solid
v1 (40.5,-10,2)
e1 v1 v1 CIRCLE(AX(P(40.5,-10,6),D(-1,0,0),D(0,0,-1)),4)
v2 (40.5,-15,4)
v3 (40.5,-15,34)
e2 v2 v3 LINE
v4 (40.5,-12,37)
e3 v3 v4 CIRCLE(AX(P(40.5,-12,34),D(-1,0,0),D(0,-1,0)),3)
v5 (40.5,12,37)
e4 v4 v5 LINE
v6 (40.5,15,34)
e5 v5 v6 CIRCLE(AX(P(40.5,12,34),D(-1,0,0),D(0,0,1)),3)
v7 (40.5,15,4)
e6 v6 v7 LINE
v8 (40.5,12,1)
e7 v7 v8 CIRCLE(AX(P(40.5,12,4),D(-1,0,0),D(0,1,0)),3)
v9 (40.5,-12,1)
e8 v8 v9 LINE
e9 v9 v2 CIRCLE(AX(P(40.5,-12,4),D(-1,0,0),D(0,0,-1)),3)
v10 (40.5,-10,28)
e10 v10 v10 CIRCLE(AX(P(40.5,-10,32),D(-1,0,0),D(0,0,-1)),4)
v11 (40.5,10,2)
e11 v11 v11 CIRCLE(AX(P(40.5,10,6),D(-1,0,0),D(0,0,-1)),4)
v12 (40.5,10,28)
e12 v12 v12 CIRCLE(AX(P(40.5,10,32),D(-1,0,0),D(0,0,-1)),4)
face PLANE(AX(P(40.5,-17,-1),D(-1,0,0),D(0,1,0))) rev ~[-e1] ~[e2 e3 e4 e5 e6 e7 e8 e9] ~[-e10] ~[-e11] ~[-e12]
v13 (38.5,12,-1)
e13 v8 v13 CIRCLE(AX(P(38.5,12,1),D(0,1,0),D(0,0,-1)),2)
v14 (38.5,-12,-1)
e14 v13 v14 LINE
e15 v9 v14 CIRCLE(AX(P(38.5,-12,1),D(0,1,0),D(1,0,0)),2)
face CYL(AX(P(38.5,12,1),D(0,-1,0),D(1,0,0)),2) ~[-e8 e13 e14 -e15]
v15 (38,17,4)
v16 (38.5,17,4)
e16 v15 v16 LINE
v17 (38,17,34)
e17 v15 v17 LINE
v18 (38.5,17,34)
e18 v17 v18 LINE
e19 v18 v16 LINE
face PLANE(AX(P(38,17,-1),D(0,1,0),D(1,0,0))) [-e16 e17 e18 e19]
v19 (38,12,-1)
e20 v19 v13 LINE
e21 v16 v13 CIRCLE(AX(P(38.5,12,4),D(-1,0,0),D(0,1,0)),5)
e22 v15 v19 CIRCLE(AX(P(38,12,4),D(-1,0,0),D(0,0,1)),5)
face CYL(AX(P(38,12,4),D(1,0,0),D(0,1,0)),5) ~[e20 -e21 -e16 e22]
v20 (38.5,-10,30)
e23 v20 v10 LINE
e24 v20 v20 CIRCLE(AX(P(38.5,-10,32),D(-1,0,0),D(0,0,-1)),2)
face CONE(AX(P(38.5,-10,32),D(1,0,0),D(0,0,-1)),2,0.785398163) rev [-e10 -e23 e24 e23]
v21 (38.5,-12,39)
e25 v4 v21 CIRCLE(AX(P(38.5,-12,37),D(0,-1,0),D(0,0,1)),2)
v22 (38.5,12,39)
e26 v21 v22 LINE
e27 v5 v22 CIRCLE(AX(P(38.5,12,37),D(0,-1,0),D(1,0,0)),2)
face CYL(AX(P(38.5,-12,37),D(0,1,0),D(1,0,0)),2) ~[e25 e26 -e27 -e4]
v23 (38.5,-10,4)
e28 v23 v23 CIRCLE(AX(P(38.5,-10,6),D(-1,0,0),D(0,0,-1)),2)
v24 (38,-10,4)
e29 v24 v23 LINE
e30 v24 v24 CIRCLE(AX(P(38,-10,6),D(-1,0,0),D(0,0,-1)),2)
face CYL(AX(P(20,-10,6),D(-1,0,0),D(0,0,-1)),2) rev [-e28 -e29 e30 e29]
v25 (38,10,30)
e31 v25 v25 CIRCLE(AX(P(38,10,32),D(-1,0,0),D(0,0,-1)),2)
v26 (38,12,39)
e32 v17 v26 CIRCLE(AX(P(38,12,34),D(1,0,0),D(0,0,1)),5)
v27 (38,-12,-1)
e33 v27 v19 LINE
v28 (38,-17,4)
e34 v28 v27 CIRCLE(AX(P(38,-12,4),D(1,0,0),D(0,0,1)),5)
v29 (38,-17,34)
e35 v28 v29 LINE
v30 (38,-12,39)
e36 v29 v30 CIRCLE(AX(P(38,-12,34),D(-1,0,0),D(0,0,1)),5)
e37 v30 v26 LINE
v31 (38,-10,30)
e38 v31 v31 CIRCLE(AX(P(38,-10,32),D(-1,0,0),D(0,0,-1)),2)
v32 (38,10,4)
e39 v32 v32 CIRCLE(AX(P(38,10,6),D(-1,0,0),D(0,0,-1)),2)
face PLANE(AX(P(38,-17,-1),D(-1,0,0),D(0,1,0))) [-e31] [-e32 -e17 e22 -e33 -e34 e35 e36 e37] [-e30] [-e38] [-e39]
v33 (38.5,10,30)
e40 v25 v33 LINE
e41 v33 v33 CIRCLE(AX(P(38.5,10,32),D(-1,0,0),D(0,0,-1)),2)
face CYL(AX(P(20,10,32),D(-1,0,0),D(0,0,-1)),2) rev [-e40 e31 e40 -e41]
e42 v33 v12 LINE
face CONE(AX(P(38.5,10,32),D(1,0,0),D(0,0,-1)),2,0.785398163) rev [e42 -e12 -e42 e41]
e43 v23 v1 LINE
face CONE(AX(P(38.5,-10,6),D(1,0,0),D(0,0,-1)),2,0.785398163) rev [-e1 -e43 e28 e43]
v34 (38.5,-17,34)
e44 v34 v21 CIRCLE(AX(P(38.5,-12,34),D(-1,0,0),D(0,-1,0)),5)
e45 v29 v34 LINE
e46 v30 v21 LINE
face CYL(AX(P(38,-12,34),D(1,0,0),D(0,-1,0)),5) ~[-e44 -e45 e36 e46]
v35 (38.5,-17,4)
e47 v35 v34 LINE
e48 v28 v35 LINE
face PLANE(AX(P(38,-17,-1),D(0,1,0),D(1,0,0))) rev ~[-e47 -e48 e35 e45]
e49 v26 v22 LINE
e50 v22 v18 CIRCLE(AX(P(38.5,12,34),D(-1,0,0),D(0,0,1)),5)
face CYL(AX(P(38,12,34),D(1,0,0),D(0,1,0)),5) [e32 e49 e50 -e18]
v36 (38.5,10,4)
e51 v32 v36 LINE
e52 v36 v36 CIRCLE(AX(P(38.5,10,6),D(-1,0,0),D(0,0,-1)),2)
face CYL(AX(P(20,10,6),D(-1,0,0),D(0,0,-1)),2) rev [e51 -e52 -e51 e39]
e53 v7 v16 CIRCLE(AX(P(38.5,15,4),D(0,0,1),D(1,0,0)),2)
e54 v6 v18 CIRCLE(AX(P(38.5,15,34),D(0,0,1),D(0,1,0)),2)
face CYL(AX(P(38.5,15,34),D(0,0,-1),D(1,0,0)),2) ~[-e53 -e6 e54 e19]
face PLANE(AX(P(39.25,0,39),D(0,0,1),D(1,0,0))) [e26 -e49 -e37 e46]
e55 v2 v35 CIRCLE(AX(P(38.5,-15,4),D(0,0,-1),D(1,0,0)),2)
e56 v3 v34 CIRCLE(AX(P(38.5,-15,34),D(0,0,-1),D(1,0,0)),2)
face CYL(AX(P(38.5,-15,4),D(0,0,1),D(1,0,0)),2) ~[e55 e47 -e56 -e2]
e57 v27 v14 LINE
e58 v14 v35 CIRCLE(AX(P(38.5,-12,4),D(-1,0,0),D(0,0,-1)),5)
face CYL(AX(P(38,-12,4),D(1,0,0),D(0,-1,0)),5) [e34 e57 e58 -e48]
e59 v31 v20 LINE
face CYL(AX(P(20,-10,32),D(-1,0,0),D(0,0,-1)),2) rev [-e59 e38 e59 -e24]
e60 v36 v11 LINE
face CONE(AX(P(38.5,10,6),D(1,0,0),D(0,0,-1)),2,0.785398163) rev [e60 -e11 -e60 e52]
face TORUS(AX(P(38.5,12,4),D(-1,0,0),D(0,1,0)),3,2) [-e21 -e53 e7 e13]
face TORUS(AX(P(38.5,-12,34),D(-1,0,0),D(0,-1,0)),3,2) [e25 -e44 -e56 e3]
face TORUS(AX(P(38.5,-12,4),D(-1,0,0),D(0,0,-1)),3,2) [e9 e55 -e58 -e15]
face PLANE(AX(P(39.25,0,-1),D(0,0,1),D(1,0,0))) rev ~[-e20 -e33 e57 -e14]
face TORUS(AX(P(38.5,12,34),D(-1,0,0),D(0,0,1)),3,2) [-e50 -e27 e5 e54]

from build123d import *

# Parameters (mm, degrees)
CYLINDER005_R     = 2
CYLINDER005_DEPTH = 30
CYLINDER006_R     = 2
CYLINDER006_DEPTH = 30
CYLINDER007_R     = 2
CYLINDER007_DEPTH = 30
CYLINDER004_R     = 2
CYLINDER004_DEPTH = 30
BOX001_W          = 2.5
BOX001_H          = 34
BOX001_DEPTH      = 40
FILLET006_R       = 5
CHAMFER006_SIZE   = 2
FILLET007_R       = 2


with BuildPart() as screwholle006:
    # Cylinder005 → Cylinder005 (new body)
    with BuildSketch(Plane(origin=(20, -10, 6), x_dir=(0, 0, -1), z_dir=(1, 0, 0))):
        Circle(CYLINDER005_R)
    extrude(amount=CYLINDER005_DEPTH)


with BuildPart() as screwholle007:
    # Cylinder006 → Cylinder006 (new body)
    with BuildSketch(Plane(origin=(20, -10, 32), x_dir=(0, 0, -1), z_dir=(1, 0, 0))):
        Circle(CYLINDER006_R)
    extrude(amount=CYLINDER006_DEPTH)


with BuildPart() as screwholle008:
    # Cylinder007 → Cylinder007 (new body)
    with BuildSketch(Plane(origin=(20, 10, 6), x_dir=(0, 0, -1), z_dir=(1, 0, 0))):
        Circle(CYLINDER007_R)
    extrude(amount=CYLINDER007_DEPTH)


with BuildPart() as capscrewholles:
    # Cylinder004 → Cylinder004 (new body)
    with BuildSketch(Plane(origin=(20, 10, 32), x_dir=(0, 0, -1), z_dir=(1, 0, 0))):
        Circle(CYLINDER004_R)
    extrude(amount=CYLINDER004_DEPTH)

    # Fusion003: union ScrewHolle006, ScrewHolle007, ScrewHolle008
    add(screwholle006.part)
    add(screwholle007.part)
    add(screwholle008.part)


with BuildPart() as hindgecap:
    # Box001 → Box001 (new body)
    with BuildSketch(Plane(origin=(38, -17, -1), x_dir=(1, 0, 0), z_dir=(0, 0, 1))):
        with Locations((1.25, 17)):
            Rectangle(BOX001_W, BOX001_H)
    extrude(amount=BOX001_DEPTH)

    # Fillet006
    fillet006_edges = [hindgecap.edges().sort_by_distance(p)[0] for p in [
        (39.25, -17, -1),
        (39.25, -17, 39),
        (39.25, 17, -1),
        (39.25, 17, 39),
    ]]
    fillet(fillet006_edges, radius=FILLET006_R)

    # Cut003: cut CapScrewHolles
    add(capscrewholles.part, mode=Mode.SUBTRACT)

    # Chamfer006
    chamfer006_edges = [hindgecap.edges().sort_by_distance(p)[0] for p in [
        (40.5, 10, 8),
        (40.5, 10, 34),
        (40.5, -10, 8),
        (40.5, -10, 34),
    ]]
    chamfer(chamfer006_edges, length=CHAMFER006_SIZE)

    # Fillet007
    fillet007_edges = [hindgecap.edges().sort_by_distance(p)[0] for p in [
        (40.5, -17, 19),
    ]]
    fillet(fillet007_edges, radius=FILLET007_R)


solid = hindgecap.part
